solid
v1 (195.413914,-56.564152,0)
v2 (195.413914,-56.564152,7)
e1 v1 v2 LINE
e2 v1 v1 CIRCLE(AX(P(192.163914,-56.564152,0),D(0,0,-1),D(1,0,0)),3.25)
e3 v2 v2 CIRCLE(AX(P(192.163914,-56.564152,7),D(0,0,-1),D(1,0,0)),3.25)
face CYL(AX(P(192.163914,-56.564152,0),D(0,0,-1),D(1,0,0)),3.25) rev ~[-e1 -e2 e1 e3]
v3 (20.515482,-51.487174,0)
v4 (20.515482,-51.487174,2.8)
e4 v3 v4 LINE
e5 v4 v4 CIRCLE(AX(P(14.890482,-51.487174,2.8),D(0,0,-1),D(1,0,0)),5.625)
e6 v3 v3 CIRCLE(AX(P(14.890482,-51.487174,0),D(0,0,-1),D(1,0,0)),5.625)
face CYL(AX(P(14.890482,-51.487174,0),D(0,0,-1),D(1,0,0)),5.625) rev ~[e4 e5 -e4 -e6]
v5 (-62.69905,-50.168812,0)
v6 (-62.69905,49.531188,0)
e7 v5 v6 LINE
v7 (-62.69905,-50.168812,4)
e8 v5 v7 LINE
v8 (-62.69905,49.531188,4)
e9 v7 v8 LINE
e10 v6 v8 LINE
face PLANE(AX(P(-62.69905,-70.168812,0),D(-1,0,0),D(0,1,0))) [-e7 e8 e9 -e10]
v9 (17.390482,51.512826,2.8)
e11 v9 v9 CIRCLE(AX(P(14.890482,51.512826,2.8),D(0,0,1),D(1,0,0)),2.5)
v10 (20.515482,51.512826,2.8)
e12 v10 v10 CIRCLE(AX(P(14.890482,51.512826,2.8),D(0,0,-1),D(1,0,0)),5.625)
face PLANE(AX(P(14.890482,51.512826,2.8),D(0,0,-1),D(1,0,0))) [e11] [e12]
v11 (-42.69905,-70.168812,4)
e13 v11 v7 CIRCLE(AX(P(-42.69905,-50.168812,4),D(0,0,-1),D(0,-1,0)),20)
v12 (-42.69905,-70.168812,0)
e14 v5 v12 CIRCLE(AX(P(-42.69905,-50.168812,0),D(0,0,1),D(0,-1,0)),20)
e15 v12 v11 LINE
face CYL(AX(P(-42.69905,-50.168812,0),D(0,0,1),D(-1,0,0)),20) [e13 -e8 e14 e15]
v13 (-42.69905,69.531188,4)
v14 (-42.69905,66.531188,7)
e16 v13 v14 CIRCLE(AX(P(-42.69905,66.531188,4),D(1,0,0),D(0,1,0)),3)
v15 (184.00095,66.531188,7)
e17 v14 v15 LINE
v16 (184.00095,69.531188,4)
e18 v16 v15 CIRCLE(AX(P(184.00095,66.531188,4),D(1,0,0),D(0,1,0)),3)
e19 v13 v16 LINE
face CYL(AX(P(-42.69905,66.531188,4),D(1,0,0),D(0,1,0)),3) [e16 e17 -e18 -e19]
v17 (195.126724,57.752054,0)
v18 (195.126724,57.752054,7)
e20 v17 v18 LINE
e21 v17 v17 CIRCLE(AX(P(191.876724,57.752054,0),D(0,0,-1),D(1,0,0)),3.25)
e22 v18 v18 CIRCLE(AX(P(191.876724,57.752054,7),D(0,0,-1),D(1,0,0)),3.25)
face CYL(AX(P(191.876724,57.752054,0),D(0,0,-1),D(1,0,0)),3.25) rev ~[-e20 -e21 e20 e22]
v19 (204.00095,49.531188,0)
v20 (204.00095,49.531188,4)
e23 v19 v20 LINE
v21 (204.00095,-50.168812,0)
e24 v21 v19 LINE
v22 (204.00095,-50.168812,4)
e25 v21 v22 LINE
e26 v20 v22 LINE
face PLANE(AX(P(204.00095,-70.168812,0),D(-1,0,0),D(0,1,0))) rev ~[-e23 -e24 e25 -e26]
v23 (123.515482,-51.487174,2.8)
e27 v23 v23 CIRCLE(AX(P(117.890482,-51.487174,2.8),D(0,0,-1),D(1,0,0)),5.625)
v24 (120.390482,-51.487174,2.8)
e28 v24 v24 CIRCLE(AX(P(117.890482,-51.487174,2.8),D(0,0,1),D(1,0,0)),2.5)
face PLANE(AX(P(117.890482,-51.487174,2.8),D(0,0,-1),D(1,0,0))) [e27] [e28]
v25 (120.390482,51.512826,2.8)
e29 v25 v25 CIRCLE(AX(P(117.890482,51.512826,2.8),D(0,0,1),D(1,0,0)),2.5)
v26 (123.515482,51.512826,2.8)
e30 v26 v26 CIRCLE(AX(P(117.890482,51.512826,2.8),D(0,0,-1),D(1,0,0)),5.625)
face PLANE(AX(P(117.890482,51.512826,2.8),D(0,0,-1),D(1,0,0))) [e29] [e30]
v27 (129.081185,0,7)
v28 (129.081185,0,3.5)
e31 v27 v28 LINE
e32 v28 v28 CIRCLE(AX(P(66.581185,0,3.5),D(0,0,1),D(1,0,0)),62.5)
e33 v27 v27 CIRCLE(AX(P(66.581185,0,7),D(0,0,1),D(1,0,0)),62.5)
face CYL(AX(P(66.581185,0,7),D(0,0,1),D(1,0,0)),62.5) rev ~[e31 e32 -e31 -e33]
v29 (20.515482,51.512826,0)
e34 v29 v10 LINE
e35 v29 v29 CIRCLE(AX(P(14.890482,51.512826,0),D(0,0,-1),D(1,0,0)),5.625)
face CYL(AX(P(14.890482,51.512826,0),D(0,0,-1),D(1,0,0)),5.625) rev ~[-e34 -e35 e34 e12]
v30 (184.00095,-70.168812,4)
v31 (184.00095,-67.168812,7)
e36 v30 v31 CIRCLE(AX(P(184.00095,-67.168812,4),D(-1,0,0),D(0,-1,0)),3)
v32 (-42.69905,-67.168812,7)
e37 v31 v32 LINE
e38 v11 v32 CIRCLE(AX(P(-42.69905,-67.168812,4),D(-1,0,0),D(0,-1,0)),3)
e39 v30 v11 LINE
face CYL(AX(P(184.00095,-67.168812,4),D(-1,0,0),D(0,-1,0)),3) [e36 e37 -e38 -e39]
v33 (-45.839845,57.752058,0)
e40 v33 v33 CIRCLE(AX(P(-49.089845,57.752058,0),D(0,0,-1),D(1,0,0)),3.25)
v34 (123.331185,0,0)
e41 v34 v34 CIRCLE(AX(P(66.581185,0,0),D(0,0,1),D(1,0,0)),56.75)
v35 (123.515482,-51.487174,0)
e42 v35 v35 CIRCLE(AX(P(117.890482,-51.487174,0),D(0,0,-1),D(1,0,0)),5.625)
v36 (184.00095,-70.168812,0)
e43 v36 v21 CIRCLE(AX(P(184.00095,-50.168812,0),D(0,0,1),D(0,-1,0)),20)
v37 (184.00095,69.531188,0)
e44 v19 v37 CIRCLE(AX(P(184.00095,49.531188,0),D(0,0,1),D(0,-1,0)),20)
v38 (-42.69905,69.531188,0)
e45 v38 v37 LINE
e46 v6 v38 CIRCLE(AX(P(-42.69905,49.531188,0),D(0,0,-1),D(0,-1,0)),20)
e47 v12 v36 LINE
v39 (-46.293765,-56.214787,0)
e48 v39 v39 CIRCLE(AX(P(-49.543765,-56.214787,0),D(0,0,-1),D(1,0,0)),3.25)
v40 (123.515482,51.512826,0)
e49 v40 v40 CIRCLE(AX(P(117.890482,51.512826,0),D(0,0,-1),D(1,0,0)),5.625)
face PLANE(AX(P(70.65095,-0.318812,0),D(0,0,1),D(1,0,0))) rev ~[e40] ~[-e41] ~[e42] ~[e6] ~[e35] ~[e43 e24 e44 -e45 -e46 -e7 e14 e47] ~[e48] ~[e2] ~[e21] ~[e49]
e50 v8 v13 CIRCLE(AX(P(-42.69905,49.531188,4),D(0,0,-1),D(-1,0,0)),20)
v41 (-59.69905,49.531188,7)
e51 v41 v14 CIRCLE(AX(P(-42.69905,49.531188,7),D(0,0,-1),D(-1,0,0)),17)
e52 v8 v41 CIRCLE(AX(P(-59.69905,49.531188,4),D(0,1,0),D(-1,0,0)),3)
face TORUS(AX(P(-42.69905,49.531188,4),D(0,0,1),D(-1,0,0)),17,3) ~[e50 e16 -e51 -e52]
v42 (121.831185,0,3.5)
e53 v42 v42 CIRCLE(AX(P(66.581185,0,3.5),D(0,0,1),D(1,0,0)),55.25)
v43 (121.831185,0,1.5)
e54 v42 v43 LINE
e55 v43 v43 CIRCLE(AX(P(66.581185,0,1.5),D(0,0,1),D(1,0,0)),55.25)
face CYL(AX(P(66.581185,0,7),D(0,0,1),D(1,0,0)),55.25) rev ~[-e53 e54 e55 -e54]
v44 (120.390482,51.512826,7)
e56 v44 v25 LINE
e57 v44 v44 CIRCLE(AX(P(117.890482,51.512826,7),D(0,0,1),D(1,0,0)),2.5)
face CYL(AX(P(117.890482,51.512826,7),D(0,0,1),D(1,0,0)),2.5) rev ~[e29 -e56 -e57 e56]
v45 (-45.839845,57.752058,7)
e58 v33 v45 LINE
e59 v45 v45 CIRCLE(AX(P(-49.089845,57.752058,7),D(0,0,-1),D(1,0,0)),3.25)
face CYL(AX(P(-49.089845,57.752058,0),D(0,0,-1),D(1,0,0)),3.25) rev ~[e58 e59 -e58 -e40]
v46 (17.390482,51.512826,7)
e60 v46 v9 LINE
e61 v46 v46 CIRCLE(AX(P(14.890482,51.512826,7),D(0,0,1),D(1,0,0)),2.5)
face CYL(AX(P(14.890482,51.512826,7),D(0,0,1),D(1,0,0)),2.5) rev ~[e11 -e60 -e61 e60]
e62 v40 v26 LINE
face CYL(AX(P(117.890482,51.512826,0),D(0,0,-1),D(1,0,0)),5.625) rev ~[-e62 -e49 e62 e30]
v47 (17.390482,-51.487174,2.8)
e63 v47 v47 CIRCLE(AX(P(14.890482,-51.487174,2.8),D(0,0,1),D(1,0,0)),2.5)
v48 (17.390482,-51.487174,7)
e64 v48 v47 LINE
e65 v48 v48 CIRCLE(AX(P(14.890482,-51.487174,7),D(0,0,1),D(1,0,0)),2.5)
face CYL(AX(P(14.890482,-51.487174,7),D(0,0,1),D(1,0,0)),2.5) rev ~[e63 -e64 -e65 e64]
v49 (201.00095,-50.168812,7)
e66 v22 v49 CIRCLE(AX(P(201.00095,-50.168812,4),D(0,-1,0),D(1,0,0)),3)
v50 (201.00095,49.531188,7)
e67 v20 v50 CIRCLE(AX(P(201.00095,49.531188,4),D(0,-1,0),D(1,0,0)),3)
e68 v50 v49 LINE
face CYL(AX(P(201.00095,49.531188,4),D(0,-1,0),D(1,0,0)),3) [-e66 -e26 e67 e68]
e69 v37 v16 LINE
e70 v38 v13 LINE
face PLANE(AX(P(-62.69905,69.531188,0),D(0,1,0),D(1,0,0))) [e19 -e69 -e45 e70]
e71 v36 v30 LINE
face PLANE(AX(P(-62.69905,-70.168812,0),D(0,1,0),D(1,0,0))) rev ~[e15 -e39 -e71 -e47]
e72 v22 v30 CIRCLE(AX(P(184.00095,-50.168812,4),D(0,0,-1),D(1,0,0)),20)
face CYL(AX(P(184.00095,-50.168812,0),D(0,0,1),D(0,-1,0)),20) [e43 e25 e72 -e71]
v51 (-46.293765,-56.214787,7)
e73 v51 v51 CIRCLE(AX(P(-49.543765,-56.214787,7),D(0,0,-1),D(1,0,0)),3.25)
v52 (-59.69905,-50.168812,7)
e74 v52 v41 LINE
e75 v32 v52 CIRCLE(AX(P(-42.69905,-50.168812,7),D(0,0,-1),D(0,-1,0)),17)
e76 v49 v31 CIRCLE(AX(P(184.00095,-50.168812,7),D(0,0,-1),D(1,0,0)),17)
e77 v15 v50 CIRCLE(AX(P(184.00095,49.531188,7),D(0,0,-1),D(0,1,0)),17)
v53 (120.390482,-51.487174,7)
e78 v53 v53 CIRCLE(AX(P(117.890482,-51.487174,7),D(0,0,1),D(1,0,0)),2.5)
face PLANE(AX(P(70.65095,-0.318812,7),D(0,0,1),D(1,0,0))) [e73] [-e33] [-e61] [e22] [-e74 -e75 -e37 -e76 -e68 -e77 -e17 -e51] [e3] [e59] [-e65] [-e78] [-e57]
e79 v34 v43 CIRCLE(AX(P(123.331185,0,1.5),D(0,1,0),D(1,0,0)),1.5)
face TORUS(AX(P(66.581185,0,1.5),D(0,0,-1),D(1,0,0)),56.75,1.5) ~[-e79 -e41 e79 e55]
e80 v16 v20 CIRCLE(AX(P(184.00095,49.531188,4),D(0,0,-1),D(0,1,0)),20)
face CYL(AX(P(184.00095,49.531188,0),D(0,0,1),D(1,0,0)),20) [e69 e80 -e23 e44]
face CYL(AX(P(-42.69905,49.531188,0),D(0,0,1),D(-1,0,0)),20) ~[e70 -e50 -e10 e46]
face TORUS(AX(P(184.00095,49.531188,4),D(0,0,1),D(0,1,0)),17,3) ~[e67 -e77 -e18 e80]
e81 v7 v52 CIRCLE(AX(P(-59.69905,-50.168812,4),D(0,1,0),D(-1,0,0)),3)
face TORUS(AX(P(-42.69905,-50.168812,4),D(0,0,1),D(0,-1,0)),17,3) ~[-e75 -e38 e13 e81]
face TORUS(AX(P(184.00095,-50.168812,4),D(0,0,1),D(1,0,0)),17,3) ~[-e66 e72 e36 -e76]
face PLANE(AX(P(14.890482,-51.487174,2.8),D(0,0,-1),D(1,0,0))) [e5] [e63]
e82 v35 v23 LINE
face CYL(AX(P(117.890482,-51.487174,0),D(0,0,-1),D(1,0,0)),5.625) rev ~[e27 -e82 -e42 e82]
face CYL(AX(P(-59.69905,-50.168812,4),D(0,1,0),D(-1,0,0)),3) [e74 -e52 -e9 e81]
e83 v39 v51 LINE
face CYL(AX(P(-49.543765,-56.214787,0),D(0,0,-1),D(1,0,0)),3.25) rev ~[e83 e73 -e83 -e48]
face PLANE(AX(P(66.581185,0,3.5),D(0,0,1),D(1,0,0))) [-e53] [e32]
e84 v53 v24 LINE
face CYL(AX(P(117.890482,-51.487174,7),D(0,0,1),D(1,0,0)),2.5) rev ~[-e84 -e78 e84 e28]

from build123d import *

# Parameters (mm, degrees)
F0_W      = 266.7
F0_H      = 139.7
F1_DEPTH  = 7
F2_R      = 20
F3_R      = 62.5
F3_R_2    = 55.25
F4_DEPTH  = 3.5
F5_DEPTH  = 10
F6_R      = 3.25
F7_DEPTH  = 8
F8_R      = 2.5
F9_DEPTH  = 8
F10_R     = 5.625
F11_DEPTH = 2.8
F12_R     = 1.5
F13_R     = 3


with BuildPart() as f1:
    # F0 (on Top) → F1 (new body)
    with BuildSketch(Plane.XY):
        with Locations((70.65095, -0.318812)):
            Rectangle(F0_W, F0_H)
    extrude(amount=F1_DEPTH)

    # F2
    f2_edges = [f1.edges().sort_by_distance(p)[0] for p in [
        (-62.69905, 69.531188, 3.5),
        (204.00095, 69.531188, 3.5),
        (-62.69905, -70.168812, 3.5),
        (204.00095, -70.168812, 3.5),
    ]]
    fillet(f2_edges, radius=F2_R)

    # F3 (on face) → F4 (cut)
    with BuildSketch(Plane.XY.offset(7)):
        with Locations((66.581185, 0)):
            Circle(F3_R)
        with Locations((66.581185, 0)):
            Circle(F3_R_2, mode=Mode.SUBTRACT)
    extrude(amount=-F4_DEPTH, mode=Mode.SUBTRACT)

    # F3 (on face) → F5 (cut)
    with BuildSketch(Plane.XY.offset(7)):
        with Locations((66.581185, 0)):
            Circle(F3_R_2)
    extrude(amount=-F5_DEPTH, mode=Mode.SUBTRACT)

    # F6 (on face) → F7 (cut)
    with BuildSketch(Plane(origin=(0, 0, 0), x_dir=(1, 0, 0), z_dir=(0, 0, -1))):
        with Locations((-49.543765, 56.214787)):
            Circle(F6_R)
        with Locations((192.163914, 56.564152)):
            Circle(F6_R)
        with Locations((191.876724, -57.752054)):
            Circle(F6_R)
        with Locations((-49.089845, -57.752058)):
            Circle(F6_R)
    extrude(amount=-F7_DEPTH, mode=Mode.SUBTRACT)

    # F8 (on face) → F9 (cut)
    with BuildSketch(Plane.XY.offset(7)):
        with Locations((14.890482, 51.512826)):
            Circle(F8_R)
        with Locations((117.890482, 51.512826)):
            Circle(F8_R)
        with Locations((117.890482, -51.487174)):
            Circle(F8_R)
        with Locations((14.890482, -51.487174)):
            Circle(F8_R)
    extrude(amount=-F9_DEPTH, mode=Mode.SUBTRACT)

    # F10 (on face) → F11 (cut)
    with BuildSketch(Plane(origin=(0, 0, 0), x_dir=(1, 0, 0), z_dir=(0, 0, -1))):
        with Locations((14.890482, 51.487174)):
            Circle(F10_R)
        with Locations((117.890482, 51.487174)):
            Circle(F10_R)
        with Locations((117.890482, -51.512826)):
            Circle(F10_R)
        with Locations((14.890482, -51.512826)):
            Circle(F10_R)
    extrude(amount=-F11_DEPTH, mode=Mode.SUBTRACT)

    # F12
    f12_edges = [f1.edges().sort_by_distance(p)[0] for p in [
        (11.331185, 0, 0),
    ]]
    fillet(f12_edges, radius=F12_R)

    # F13
    f13_edges = [f1.edges().sort_by_distance(p)[0] for p in [
        (70.65095, 69.531188, 7),
    ]]
    fillet(f13_edges, radius=F13_R)


solid = f1.part
